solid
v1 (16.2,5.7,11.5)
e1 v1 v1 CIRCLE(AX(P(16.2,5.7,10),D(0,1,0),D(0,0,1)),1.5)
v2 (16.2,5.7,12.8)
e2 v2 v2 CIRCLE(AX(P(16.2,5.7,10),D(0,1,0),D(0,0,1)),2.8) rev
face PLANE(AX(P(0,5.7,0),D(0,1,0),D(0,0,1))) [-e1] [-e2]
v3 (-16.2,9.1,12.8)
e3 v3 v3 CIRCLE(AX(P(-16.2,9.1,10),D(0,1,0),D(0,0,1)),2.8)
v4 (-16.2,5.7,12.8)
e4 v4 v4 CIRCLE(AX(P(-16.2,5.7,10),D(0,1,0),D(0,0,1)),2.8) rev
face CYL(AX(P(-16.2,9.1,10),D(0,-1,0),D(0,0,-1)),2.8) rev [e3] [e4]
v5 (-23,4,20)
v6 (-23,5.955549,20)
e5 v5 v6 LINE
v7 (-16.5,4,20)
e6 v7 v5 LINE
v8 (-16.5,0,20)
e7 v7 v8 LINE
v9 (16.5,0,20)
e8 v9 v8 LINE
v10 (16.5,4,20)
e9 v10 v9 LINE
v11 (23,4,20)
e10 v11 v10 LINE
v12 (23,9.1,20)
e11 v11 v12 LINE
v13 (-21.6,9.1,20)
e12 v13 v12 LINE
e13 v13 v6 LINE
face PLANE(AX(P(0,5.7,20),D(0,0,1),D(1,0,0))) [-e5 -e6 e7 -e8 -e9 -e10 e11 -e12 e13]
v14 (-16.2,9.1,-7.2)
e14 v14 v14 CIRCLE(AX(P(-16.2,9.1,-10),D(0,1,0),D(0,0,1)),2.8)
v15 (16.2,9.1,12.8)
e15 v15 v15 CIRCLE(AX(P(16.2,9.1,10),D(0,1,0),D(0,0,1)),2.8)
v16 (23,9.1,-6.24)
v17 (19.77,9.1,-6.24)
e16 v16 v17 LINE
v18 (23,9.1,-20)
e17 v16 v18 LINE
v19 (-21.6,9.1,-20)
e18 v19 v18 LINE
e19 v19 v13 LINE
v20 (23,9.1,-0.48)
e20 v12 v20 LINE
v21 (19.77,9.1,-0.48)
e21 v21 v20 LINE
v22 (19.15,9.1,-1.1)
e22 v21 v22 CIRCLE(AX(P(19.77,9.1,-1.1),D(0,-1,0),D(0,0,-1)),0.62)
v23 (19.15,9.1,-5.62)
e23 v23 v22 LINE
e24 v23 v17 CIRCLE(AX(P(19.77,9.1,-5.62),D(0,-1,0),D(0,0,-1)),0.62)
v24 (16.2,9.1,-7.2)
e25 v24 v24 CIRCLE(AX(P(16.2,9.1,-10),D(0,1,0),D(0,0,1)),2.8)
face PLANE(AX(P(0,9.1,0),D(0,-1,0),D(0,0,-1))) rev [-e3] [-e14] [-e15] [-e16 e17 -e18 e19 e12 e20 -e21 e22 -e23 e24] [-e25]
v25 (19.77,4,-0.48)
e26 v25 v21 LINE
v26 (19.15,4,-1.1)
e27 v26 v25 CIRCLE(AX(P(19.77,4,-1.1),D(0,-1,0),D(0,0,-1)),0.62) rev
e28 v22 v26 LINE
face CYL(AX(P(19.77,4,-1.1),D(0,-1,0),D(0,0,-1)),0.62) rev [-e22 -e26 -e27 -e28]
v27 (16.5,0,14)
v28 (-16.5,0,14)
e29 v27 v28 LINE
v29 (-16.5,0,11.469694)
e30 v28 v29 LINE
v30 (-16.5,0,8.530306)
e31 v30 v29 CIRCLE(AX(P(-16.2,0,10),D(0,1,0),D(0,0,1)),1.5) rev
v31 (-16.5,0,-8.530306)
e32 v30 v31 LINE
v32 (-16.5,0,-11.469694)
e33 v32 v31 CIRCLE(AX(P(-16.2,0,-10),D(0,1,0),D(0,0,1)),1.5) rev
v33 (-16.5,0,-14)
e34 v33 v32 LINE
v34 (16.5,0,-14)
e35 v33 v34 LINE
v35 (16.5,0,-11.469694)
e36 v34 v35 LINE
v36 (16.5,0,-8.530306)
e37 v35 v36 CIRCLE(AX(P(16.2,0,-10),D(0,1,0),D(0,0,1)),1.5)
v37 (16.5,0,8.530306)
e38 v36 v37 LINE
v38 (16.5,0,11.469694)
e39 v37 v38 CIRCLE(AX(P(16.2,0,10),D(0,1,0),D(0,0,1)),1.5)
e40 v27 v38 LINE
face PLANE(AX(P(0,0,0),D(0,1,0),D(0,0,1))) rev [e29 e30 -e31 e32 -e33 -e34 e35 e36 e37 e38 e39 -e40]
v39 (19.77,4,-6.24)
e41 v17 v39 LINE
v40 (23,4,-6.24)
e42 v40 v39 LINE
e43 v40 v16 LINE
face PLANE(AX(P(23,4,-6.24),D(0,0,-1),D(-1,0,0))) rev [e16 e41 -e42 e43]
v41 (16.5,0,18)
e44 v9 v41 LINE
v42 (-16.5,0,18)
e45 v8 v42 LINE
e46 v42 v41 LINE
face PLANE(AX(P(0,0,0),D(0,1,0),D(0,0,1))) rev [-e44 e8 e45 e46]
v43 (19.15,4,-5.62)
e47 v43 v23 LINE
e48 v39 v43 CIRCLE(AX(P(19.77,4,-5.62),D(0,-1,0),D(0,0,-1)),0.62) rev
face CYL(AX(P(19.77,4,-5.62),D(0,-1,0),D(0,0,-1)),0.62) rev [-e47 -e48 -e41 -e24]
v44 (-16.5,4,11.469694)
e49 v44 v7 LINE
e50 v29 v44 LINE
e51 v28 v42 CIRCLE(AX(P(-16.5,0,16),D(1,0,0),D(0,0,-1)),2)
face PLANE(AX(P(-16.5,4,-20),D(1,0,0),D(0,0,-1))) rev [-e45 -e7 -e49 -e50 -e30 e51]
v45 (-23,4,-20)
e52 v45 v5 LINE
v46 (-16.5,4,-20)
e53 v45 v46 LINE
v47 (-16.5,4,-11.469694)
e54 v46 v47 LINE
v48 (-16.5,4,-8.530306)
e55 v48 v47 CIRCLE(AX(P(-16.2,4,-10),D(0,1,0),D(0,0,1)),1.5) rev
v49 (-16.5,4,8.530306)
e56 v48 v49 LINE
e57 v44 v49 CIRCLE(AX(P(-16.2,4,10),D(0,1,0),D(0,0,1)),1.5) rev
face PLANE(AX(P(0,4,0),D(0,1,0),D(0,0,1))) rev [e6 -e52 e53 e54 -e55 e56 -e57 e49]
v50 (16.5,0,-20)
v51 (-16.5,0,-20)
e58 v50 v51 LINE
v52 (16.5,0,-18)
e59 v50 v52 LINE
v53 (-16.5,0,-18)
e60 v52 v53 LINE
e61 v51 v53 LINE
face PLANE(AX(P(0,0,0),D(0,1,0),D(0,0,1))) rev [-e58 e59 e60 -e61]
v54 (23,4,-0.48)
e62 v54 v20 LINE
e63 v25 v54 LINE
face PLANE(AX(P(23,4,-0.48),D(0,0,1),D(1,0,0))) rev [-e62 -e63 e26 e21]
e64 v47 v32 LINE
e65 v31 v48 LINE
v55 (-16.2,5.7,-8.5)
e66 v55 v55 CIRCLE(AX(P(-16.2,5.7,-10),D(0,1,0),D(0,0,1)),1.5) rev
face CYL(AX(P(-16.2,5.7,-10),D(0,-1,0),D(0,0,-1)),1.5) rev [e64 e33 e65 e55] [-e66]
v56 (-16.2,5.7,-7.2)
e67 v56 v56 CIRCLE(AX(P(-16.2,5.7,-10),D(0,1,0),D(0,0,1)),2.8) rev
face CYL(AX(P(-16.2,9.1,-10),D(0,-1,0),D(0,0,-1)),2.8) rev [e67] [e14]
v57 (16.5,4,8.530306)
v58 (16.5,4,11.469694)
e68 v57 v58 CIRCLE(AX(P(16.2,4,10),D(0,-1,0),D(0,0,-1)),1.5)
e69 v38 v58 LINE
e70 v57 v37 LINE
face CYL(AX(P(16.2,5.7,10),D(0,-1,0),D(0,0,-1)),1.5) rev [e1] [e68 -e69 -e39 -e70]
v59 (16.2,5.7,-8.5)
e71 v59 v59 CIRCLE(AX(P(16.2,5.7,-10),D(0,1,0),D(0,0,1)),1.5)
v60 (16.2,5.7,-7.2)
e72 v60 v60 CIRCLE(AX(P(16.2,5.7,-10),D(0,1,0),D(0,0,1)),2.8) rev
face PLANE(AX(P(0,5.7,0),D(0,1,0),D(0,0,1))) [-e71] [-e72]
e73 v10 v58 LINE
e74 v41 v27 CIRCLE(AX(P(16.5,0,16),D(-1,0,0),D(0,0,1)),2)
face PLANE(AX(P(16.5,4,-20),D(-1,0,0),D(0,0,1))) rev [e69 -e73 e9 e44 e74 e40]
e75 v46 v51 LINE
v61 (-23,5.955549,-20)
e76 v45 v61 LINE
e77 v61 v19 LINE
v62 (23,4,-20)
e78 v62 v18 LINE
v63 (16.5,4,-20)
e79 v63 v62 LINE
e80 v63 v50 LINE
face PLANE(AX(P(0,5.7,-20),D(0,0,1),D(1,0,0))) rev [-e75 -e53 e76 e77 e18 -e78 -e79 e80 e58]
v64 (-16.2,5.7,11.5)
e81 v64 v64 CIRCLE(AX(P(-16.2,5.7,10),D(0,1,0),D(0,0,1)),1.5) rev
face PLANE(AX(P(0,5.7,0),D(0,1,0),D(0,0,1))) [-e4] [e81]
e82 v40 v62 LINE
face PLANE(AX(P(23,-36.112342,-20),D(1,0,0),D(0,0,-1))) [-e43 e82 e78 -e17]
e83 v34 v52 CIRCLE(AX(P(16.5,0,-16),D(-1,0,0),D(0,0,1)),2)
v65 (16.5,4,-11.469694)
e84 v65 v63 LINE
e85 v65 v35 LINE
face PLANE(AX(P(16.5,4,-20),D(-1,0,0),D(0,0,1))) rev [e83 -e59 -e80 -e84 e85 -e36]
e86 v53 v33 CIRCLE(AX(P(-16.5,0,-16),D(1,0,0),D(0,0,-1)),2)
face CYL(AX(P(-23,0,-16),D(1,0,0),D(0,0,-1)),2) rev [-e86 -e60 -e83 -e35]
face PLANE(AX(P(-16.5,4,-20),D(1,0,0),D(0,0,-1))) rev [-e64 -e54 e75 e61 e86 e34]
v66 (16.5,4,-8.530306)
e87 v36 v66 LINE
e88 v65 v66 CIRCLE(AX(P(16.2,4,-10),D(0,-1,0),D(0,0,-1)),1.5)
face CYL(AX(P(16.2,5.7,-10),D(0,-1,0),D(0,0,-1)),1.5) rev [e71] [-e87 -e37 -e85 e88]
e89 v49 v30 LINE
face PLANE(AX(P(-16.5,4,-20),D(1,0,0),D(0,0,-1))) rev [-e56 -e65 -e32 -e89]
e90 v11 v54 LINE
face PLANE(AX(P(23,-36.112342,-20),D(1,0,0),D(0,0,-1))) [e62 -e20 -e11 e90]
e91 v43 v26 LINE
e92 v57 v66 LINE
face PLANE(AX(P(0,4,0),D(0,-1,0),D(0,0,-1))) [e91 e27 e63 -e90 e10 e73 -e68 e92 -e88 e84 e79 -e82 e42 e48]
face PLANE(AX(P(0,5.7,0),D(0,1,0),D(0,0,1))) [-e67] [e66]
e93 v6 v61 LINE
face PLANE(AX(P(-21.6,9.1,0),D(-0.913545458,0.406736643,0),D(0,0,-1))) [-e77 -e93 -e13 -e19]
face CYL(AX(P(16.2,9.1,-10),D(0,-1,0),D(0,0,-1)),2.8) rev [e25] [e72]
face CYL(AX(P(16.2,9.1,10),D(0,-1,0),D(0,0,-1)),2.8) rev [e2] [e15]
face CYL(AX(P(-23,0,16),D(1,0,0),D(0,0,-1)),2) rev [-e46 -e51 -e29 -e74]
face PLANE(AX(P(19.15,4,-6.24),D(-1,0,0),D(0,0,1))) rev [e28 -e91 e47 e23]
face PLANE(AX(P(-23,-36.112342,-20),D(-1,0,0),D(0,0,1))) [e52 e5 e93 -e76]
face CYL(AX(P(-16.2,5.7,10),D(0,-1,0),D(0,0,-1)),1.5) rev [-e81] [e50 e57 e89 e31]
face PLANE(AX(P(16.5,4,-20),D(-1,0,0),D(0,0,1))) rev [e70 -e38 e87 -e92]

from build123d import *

# Parameters (mm, degrees)
SKETCH1_W           = 40
SKETCH1_H           = 40
SKETCH1_R           = 1.5
SKETCH1_R_2         = 2.8
BOSS_EXTRUDE1_DEPTH = 5.7
BOSS_EXTRUDE3_START = 5.7
SKETCH1_3_W         = 40
SKETCH1_3_H         = 40
SKETCH1_3_R         = 2.8
SKETCH1_3_R_2       = 1.5
BOSS_EXTRUDE3_DEPTH = 3.4
SKETCH4_W           = 3.5
SKETCH4_H           = 40
CUT_EXTRUDE2_DEPTH  = 4
SKETCH2_W           = 3
SKETCH2_H           = 40
BOSS_EXTRUDE4_DEPTH = 5.1
CUT_EXTRUDE3_START  = -39.5
SKETCH5_R           = 2
CUT_EXTRUDE3_DEPTH  = 33
CUT_EXTRUDE4_START  = -5.1
SKETCH6_W           = 3.85
SKETCH6_H           = 5.76
CUT_EXTRUDE4_DEPTH  = 5.1
FILLET1_R           = 0.62
CHAMFER1_SIZE       = 1.4
CHAMFER1_SIZE2      = 3.144451483


with BuildPart() as part:
    # Sketch1 → Boss-Extrude1 (new body)
    # profile 1 of 7: a face of its own
    with BuildSketch(Plane(origin=(0, 0, 0), x_dir=(1, 0, 0), z_dir=(0, 1, 0))):
        Rectangle(SKETCH1_W, SKETCH1_H)
        with Locations((0, -10)):
            Circle(SKETCH1_R, mode=Mode.SUBTRACT)
        with Locations((0, 10)):
            Circle(SKETCH1_R, mode=Mode.SUBTRACT)
        with Locations(Location((-16.2, -10, 0), (0, 0, 270))):
            Circle(SKETCH1_R, mode=Mode.SUBTRACT)
        with Locations(Location((16.2, -10, 0), (0, 0, 270))):
            Circle(SKETCH1_R, mode=Mode.SUBTRACT)
        with Locations(Location((16.2, 10, 0), (0, 0, 270))):
            Circle(SKETCH1_R, mode=Mode.SUBTRACT)
        with Locations(Location((-16.2, 10, 0), (0, 0, 270))):
            Circle(SKETCH1_R, mode=Mode.SUBTRACT)
    # profile 2 of 7: a face of its own
    with BuildSketch(Plane(origin=(0, 0, 0), x_dir=(1, 0, 0), z_dir=(0, 1, 0))):
        with Locations((0, 10)):
            Circle(SKETCH1_R)
    # profile 3 of 7: a face of its own
    with BuildSketch(Plane(origin=(0, 0, 0), x_dir=(1, 0, 0), z_dir=(0, 1, 0))):
        with Locations((0, -10)):
            Circle(SKETCH1_R)
    # profile 4 of 7: a face of its own
    with BuildSketch(Plane(origin=(0, 0, 0), x_dir=(1, 0, 0), z_dir=(0, 1, 0))):
        with Locations((-16.2, 10)):
            Circle(SKETCH1_R_2)
        with Locations(Location((-16.2, 10, 0), (0, 0, 270))):
            Circle(SKETCH1_R, mode=Mode.SUBTRACT)
    # profile 5 of 7: a face of its own
    with BuildSketch(Plane(origin=(0, 0, 0), x_dir=(1, 0, 0), z_dir=(0, 1, 0))):
        with Locations((-16.2, -10)):
            Circle(SKETCH1_R_2)
        with Locations(Location((-16.2, -10, 0), (0, 0, 270))):
            Circle(SKETCH1_R, mode=Mode.SUBTRACT)
    # profile 6 of 7: a face of its own
    with BuildSketch(Plane(origin=(0, 0, 0), x_dir=(1, 0, 0), z_dir=(0, 1, 0))):
        with Locations((16.2, 10)):
            Circle(SKETCH1_R_2)
        with Locations(Location((16.2, 10, 0), (0, 0, 270))):
            Circle(SKETCH1_R, mode=Mode.SUBTRACT)
    # profile 7 of 7: a face of its own
    with BuildSketch(Plane(origin=(0, 0, 0), x_dir=(1, 0, 0), z_dir=(0, 1, 0))):
        with Locations((16.2, -10)):
            Circle(SKETCH1_R_2)
        with Locations(Location((16.2, -10, 0), (0, 0, 270))):
            Circle(SKETCH1_R, mode=Mode.SUBTRACT)
    extrude(amount=BOSS_EXTRUDE1_DEPTH)

    # Sketch1_3 → Boss-Extrude3 (add)
    # profile 1 of 3: a face of its own
    with BuildSketch(Plane(origin=(0, 0, 0), x_dir=(1, 0, 0), z_dir=(0, 1, 0)).offset(BOSS_EXTRUDE3_START)):
        Rectangle(SKETCH1_3_W, SKETCH1_3_H)
        with Locations(Location((16.2, 10, 0), (0, 0, 270))):
            Circle(SKETCH1_3_R, mode=Mode.SUBTRACT)
        with Locations(Location((-16.2, 10, 0), (0, 0, 270))):
            Circle(SKETCH1_3_R, mode=Mode.SUBTRACT)
        with Locations((0, -10)):
            Circle(SKETCH1_3_R_2, mode=Mode.SUBTRACT)
        with Locations((0, 10)):
            Circle(SKETCH1_3_R_2, mode=Mode.SUBTRACT)
        with Locations(Location((-16.2, -10, 0), (0, 0, 270))):
            Circle(SKETCH1_3_R, mode=Mode.SUBTRACT)
        with Locations(Location((16.2, -10, 0), (0, 0, 270))):
            Circle(SKETCH1_3_R, mode=Mode.SUBTRACT)
    # profile 2 of 3: a face of its own
    with BuildSketch(Plane(origin=(0, 0, 0), x_dir=(1, 0, 0), z_dir=(0, 1, 0)).offset(BOSS_EXTRUDE3_START)):
        with Locations((0, 10)):
            Circle(SKETCH1_3_R_2)
    # profile 3 of 3: a face of its own
    with BuildSketch(Plane(origin=(0, 0, 0), x_dir=(1, 0, 0), z_dir=(0, 1, 0)).offset(BOSS_EXTRUDE3_START)):
        with Locations((0, -10)):
            Circle(SKETCH1_3_R_2)
    extrude(amount=BOSS_EXTRUDE3_DEPTH)

    # Sketch4 → Cut-Extrude2 (cut)
    with BuildSketch(Plane.XZ):
        with Locations((18.25, 0)):
            Rectangle(SKETCH4_W, SKETCH4_H)
        with Locations((-18.25, 0)):
            Rectangle(SKETCH4_W, SKETCH4_H)
    extrude(amount=-CUT_EXTRUDE2_DEPTH, mode=Mode.SUBTRACT)

    # Sketch2 → Boss-Extrude4 (add)
    with BuildSketch(Plane(origin=(0, 9.1, 0), x_dir=(1, 0, 0), z_dir=(0, 1, 0))):
        with Locations((-21.5, 0)):
            Rectangle(SKETCH2_W, SKETCH2_H)
        with Locations((21.5, 0)):
            Rectangle(SKETCH2_W, SKETCH2_H)
    extrude(amount=-BOSS_EXTRUDE4_DEPTH)

    # Sketch5 → Cut-Extrude3 (cut)
    with BuildSketch(Plane(origin=(23, 0, 0), x_dir=(0, 0, -1), z_dir=(1, 0, 0)).offset(CUT_EXTRUDE3_START)):
        with Locations((16, 0)):
            Circle(SKETCH5_R)
        with Locations((-16, 0)):
            Circle(SKETCH5_R)
    extrude(amount=CUT_EXTRUDE3_DEPTH, mode=Mode.SUBTRACT)

    # Sketch6 → Cut-Extrude4 (cut)
    with BuildSketch(Plane(origin=(0, 9.1, 0), x_dir=(1, 0, 0), z_dir=(0, 1, 0)).offset(CUT_EXTRUDE4_START)):
        with Locations((21.075, 3.36)):
            Rectangle(SKETCH6_W, SKETCH6_H)
    extrude(amount=CUT_EXTRUDE4_DEPTH, mode=Mode.SUBTRACT)

    # Fillet1
    fillet1_edges = [part.edges().sort_by_distance(p)[0] for p in [
        (19.15, 6.55, -0.48),
        (19.15, 6.55, -6.24),
    ]]
    fillet(fillet1_edges, radius=FILLET1_R)

    # Chamfer1
    chamfer1_edges = [part.edges().sort_by_distance(p)[0] for p in [
        (-23, 9.1, 0),
    ]]
    chamfer1_side = [part.faces().sort_by_distance(p)[0] for p in [
        (-0.269953671, 9.1, 0.043011548),
    ]]
    chamfer(chamfer1_edges, length=CHAMFER1_SIZE, length2=CHAMFER1_SIZE2, reference=chamfer1_side[0])


solid = part.part
